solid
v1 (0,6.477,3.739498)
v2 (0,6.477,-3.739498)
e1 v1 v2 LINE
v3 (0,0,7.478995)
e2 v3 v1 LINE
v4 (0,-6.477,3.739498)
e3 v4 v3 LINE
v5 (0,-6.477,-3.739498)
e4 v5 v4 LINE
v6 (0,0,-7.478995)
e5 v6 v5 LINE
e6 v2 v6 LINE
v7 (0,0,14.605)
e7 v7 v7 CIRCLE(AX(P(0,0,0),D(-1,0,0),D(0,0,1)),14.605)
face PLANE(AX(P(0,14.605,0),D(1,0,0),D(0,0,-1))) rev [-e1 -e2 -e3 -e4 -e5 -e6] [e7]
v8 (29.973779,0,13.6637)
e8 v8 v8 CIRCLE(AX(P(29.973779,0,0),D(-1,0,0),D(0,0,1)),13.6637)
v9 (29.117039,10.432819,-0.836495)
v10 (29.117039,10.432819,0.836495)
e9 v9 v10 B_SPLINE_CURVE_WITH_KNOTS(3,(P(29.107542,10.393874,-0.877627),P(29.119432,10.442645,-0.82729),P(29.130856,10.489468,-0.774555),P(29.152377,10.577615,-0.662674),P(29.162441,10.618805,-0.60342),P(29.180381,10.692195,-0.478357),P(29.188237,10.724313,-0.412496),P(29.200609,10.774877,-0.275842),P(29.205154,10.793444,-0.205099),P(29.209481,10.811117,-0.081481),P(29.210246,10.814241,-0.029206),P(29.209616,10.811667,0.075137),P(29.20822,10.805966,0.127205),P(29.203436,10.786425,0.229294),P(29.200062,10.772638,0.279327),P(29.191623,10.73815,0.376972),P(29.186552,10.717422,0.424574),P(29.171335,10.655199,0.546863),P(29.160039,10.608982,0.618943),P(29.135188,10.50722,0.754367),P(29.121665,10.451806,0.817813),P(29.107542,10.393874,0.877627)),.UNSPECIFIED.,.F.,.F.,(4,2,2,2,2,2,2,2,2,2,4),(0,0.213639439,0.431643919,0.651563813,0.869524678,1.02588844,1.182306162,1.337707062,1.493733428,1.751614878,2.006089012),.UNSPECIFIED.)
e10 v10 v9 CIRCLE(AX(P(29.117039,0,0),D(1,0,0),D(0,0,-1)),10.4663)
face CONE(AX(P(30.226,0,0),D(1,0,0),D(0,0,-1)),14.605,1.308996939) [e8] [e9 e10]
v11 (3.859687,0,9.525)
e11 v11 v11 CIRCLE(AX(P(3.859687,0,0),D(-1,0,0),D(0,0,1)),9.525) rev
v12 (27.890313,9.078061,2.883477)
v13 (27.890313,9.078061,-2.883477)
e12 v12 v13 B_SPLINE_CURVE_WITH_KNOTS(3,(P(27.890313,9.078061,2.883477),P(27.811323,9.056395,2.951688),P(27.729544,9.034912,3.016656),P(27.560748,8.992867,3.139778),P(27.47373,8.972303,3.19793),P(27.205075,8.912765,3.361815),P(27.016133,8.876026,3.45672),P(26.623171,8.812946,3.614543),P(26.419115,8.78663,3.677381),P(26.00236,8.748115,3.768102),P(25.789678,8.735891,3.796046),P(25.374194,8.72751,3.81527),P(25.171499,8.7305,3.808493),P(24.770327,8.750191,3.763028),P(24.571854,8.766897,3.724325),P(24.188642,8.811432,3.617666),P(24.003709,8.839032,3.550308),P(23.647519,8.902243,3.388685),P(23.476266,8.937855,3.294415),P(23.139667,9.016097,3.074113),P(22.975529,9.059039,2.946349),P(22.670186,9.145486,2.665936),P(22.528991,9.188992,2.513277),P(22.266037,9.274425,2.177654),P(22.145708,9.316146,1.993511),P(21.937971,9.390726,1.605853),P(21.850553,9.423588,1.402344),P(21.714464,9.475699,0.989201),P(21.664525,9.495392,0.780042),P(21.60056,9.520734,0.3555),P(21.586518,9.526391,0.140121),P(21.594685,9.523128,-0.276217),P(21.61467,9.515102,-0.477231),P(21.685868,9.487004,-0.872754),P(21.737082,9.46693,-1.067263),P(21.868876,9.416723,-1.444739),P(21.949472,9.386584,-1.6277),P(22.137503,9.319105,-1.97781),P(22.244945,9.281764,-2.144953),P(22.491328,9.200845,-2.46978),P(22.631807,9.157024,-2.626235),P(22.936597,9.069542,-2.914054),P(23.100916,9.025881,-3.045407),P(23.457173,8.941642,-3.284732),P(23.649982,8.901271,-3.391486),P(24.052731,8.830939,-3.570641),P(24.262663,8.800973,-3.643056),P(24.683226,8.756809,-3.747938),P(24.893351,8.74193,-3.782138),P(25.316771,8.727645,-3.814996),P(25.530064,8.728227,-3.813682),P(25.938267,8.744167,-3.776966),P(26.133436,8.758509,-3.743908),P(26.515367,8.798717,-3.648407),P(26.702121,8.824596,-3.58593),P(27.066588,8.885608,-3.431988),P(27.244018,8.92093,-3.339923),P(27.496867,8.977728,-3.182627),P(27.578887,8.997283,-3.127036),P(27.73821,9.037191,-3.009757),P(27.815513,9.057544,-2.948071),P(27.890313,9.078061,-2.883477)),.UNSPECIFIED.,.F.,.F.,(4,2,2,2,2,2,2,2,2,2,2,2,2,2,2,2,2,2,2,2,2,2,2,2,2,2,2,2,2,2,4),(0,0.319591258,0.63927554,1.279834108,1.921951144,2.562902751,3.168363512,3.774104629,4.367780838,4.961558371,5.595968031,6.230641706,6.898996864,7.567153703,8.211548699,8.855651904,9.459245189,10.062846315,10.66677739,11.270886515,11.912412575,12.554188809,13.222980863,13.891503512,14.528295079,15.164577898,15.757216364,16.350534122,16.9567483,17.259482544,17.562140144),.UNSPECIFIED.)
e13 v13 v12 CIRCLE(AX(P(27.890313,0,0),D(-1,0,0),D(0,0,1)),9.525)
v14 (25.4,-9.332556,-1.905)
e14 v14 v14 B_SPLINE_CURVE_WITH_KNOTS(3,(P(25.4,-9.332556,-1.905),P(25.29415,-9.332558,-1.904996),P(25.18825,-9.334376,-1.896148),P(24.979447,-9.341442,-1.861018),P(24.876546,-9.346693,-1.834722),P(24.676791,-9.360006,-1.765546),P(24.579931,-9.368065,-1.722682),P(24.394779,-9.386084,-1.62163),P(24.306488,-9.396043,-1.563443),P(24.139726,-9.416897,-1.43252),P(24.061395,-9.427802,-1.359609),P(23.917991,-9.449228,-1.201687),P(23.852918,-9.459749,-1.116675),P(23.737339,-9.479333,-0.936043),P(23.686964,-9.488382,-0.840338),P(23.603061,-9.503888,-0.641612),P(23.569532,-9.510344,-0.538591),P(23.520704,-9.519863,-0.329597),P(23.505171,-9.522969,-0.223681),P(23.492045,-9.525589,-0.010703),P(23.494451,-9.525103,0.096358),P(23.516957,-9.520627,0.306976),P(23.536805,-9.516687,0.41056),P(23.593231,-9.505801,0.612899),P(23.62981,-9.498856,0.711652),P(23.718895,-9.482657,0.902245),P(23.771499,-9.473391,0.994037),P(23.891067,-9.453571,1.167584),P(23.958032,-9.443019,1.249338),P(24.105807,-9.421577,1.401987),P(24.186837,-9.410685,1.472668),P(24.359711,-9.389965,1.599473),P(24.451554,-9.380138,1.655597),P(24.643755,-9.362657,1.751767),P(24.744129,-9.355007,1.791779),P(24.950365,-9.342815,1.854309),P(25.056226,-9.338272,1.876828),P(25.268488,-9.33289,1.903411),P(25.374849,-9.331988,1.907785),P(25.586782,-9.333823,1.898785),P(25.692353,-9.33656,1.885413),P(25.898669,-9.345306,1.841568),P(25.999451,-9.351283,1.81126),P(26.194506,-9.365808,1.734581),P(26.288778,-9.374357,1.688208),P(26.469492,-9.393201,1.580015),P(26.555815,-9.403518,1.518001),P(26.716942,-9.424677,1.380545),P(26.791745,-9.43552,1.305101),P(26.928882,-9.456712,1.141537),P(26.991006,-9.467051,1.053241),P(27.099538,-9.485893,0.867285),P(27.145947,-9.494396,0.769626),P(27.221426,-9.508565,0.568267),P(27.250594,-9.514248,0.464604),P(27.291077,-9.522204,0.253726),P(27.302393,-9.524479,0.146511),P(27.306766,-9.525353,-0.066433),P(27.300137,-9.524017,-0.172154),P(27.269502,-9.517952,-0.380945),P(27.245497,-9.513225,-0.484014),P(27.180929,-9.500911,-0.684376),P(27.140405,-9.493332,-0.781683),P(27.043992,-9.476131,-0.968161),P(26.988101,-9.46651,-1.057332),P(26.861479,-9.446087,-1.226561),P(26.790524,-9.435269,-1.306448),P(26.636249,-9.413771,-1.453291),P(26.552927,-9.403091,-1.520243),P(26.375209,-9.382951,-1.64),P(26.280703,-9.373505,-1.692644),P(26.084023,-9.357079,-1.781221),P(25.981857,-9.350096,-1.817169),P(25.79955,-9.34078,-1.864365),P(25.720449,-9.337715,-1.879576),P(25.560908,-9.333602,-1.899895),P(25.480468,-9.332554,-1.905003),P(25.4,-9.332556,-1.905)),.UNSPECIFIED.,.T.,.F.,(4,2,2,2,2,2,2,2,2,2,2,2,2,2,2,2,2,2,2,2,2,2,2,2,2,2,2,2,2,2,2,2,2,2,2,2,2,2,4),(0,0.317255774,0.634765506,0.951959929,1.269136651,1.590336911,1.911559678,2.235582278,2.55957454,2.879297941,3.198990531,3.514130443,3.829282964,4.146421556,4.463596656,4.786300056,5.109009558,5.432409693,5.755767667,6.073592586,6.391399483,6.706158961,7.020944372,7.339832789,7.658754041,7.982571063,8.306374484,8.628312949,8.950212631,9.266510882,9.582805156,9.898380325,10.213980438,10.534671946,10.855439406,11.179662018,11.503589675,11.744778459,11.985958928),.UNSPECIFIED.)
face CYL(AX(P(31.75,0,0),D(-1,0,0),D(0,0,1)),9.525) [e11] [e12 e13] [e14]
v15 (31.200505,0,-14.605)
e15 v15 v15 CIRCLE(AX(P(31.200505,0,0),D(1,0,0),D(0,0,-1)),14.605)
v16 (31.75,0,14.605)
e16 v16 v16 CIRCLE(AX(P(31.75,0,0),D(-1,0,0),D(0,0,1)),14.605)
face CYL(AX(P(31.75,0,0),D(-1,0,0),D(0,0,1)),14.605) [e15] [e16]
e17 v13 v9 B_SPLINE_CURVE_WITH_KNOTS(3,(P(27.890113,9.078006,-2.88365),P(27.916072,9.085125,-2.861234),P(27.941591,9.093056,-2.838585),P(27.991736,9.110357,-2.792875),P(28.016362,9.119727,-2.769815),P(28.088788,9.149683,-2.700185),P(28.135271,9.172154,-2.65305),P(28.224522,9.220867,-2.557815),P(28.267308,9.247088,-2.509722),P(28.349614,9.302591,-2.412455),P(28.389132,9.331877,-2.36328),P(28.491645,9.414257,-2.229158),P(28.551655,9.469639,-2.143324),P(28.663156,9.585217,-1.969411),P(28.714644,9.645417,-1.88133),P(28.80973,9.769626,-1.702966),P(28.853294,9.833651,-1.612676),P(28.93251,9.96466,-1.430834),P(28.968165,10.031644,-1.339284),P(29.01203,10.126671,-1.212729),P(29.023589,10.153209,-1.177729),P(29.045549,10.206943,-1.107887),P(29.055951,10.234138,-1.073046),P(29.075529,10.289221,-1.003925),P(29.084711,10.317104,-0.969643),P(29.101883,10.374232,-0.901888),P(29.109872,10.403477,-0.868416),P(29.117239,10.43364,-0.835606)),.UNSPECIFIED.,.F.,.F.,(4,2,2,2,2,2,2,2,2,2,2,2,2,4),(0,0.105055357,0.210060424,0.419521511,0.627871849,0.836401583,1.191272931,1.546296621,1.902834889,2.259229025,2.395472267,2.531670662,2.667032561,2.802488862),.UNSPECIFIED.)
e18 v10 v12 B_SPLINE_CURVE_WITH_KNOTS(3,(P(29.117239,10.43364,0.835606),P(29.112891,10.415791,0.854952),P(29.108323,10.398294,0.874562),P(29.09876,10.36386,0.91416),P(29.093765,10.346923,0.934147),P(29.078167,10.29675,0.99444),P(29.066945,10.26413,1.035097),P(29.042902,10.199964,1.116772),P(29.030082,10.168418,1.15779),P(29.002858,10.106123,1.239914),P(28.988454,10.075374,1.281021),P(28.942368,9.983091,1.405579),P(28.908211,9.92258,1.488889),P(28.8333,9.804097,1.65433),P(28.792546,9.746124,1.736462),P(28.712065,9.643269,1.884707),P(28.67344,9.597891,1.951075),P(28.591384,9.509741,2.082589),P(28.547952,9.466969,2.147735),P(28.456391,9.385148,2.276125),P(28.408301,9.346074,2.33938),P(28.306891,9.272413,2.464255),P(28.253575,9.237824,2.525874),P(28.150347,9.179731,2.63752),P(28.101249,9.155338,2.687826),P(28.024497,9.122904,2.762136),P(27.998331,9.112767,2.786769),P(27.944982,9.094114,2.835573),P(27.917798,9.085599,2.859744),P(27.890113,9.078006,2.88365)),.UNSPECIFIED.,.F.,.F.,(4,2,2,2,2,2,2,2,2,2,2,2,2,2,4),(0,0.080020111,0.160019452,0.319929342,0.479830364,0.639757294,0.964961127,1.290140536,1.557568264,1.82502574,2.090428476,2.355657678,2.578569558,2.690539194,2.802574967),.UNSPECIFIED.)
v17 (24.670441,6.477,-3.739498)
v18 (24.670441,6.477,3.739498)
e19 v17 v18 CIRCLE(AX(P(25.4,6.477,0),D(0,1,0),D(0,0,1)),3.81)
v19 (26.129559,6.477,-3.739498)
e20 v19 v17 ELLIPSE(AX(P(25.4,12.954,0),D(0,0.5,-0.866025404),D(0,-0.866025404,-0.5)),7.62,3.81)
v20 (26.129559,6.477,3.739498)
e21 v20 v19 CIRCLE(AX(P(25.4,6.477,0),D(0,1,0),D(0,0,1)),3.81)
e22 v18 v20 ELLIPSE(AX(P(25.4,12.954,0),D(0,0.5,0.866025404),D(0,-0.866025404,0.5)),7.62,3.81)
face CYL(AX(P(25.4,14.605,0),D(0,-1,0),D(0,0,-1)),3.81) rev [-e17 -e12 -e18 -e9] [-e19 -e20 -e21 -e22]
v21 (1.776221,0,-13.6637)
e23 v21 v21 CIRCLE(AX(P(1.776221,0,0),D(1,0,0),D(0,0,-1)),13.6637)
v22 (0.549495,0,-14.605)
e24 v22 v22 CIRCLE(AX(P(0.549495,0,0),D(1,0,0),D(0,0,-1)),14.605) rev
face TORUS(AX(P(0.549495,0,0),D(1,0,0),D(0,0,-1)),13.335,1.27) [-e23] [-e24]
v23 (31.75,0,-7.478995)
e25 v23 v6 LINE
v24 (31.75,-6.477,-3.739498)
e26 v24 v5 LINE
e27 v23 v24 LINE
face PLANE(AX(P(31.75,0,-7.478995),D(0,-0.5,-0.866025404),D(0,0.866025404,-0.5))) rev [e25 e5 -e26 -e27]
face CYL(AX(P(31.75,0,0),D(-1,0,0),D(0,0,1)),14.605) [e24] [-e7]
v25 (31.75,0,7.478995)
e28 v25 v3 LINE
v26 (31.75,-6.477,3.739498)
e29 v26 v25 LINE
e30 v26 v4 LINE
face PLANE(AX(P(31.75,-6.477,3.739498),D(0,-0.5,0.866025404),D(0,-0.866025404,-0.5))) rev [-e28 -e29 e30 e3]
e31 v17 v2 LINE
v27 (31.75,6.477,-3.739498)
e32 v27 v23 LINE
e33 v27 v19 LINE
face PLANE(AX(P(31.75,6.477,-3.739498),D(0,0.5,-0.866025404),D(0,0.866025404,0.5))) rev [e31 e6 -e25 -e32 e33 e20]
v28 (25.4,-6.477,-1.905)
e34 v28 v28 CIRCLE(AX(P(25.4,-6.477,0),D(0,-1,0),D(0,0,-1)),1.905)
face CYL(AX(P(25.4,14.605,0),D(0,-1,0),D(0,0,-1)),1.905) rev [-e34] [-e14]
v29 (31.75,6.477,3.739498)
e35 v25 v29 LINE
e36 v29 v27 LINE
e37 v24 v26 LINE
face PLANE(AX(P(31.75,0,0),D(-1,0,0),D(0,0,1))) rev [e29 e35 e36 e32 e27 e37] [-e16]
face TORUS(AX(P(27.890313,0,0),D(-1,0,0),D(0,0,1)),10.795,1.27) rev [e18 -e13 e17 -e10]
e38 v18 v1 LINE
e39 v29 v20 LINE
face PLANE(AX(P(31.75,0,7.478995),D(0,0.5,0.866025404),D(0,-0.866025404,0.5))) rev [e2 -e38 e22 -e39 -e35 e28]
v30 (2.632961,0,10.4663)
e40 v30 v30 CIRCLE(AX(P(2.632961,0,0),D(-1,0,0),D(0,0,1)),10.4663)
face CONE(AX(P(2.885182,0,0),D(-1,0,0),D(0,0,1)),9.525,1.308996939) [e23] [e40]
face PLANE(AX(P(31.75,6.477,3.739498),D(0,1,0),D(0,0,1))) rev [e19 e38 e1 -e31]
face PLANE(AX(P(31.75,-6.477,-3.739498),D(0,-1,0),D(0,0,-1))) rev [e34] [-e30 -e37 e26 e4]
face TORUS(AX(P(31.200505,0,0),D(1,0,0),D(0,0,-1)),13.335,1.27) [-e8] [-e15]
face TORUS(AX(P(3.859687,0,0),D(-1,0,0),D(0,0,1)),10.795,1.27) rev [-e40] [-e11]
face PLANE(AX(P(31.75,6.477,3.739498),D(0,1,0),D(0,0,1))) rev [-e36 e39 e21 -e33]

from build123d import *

# Parameters (mm, degrees)
CUT_EXTRUDE1_DEPTH = 38.877097962
FILLET1_R          = 1.27


with BuildPart() as part:
    # Sketch1 → Revolve1 (revolve)
    with BuildSketch(Plane.XY, mode=Mode.PRIVATE) as revolve1_sk:
        Polygon((0, 0), (31.75, 0), (31.75, 14.605), (30.226, 14.605), (28.864818102, 9.525), (2.885181898, 9.525), (1.524, 14.605), (0, 14.605), align=None)
    revolve(revolve1_sk.sketch.rotate(Axis((31.75, 0, 0), (1, 0, 0)), 90), axis=Axis((31.75, 0, 0), (1, 0, 0)))

    # Sketch2 → Cut-Extrude1 (cut, through all)
    with BuildSketch(Plane.ZY):
        Polygon((7.478995387, 0), (3.739497694, 6.477), (-3.739497694, 6.477), (-7.478995387, 0), (-3.739497694, -6.477), (3.739497694, -6.477), align=None)
    extrude(amount=-CUT_EXTRUDE1_DEPTH, mode=Mode.SUBTRACT)

    # Fillet1
    fillet1_edges = [part.edges().sort_by_distance(p)[0] for p in [
        (1.524, 0, -14.605),
        (2.885181898, 0, -9.525),
        (28.864818102, 0, -9.525),
        (30.226, 0, -14.605),
    ]]
    fillet(fillet1_edges, radius=FILLET1_R)

    # Sketch3 → Cut-Revolve1 (revolve, cut)
    with BuildSketch(Plane.XY, mode=Mode.PRIVATE) as cut_revolve1_sk:
        Polygon((27.305, -14.605), (25.4, -14.605), (25.4, 14.605), (29.21, 14.605), (29.21, -0.025313637), (27.305, -0.025313637), align=None)
    revolve(cut_revolve1_sk.sketch.rotate(Axis((25.4, 14.605, 0), (0, 1, 0)), 101.039484404), axis=Axis((25.4, 14.605, 0), (0, 1, 0)), mode=Mode.SUBTRACT)


solid = part.part
